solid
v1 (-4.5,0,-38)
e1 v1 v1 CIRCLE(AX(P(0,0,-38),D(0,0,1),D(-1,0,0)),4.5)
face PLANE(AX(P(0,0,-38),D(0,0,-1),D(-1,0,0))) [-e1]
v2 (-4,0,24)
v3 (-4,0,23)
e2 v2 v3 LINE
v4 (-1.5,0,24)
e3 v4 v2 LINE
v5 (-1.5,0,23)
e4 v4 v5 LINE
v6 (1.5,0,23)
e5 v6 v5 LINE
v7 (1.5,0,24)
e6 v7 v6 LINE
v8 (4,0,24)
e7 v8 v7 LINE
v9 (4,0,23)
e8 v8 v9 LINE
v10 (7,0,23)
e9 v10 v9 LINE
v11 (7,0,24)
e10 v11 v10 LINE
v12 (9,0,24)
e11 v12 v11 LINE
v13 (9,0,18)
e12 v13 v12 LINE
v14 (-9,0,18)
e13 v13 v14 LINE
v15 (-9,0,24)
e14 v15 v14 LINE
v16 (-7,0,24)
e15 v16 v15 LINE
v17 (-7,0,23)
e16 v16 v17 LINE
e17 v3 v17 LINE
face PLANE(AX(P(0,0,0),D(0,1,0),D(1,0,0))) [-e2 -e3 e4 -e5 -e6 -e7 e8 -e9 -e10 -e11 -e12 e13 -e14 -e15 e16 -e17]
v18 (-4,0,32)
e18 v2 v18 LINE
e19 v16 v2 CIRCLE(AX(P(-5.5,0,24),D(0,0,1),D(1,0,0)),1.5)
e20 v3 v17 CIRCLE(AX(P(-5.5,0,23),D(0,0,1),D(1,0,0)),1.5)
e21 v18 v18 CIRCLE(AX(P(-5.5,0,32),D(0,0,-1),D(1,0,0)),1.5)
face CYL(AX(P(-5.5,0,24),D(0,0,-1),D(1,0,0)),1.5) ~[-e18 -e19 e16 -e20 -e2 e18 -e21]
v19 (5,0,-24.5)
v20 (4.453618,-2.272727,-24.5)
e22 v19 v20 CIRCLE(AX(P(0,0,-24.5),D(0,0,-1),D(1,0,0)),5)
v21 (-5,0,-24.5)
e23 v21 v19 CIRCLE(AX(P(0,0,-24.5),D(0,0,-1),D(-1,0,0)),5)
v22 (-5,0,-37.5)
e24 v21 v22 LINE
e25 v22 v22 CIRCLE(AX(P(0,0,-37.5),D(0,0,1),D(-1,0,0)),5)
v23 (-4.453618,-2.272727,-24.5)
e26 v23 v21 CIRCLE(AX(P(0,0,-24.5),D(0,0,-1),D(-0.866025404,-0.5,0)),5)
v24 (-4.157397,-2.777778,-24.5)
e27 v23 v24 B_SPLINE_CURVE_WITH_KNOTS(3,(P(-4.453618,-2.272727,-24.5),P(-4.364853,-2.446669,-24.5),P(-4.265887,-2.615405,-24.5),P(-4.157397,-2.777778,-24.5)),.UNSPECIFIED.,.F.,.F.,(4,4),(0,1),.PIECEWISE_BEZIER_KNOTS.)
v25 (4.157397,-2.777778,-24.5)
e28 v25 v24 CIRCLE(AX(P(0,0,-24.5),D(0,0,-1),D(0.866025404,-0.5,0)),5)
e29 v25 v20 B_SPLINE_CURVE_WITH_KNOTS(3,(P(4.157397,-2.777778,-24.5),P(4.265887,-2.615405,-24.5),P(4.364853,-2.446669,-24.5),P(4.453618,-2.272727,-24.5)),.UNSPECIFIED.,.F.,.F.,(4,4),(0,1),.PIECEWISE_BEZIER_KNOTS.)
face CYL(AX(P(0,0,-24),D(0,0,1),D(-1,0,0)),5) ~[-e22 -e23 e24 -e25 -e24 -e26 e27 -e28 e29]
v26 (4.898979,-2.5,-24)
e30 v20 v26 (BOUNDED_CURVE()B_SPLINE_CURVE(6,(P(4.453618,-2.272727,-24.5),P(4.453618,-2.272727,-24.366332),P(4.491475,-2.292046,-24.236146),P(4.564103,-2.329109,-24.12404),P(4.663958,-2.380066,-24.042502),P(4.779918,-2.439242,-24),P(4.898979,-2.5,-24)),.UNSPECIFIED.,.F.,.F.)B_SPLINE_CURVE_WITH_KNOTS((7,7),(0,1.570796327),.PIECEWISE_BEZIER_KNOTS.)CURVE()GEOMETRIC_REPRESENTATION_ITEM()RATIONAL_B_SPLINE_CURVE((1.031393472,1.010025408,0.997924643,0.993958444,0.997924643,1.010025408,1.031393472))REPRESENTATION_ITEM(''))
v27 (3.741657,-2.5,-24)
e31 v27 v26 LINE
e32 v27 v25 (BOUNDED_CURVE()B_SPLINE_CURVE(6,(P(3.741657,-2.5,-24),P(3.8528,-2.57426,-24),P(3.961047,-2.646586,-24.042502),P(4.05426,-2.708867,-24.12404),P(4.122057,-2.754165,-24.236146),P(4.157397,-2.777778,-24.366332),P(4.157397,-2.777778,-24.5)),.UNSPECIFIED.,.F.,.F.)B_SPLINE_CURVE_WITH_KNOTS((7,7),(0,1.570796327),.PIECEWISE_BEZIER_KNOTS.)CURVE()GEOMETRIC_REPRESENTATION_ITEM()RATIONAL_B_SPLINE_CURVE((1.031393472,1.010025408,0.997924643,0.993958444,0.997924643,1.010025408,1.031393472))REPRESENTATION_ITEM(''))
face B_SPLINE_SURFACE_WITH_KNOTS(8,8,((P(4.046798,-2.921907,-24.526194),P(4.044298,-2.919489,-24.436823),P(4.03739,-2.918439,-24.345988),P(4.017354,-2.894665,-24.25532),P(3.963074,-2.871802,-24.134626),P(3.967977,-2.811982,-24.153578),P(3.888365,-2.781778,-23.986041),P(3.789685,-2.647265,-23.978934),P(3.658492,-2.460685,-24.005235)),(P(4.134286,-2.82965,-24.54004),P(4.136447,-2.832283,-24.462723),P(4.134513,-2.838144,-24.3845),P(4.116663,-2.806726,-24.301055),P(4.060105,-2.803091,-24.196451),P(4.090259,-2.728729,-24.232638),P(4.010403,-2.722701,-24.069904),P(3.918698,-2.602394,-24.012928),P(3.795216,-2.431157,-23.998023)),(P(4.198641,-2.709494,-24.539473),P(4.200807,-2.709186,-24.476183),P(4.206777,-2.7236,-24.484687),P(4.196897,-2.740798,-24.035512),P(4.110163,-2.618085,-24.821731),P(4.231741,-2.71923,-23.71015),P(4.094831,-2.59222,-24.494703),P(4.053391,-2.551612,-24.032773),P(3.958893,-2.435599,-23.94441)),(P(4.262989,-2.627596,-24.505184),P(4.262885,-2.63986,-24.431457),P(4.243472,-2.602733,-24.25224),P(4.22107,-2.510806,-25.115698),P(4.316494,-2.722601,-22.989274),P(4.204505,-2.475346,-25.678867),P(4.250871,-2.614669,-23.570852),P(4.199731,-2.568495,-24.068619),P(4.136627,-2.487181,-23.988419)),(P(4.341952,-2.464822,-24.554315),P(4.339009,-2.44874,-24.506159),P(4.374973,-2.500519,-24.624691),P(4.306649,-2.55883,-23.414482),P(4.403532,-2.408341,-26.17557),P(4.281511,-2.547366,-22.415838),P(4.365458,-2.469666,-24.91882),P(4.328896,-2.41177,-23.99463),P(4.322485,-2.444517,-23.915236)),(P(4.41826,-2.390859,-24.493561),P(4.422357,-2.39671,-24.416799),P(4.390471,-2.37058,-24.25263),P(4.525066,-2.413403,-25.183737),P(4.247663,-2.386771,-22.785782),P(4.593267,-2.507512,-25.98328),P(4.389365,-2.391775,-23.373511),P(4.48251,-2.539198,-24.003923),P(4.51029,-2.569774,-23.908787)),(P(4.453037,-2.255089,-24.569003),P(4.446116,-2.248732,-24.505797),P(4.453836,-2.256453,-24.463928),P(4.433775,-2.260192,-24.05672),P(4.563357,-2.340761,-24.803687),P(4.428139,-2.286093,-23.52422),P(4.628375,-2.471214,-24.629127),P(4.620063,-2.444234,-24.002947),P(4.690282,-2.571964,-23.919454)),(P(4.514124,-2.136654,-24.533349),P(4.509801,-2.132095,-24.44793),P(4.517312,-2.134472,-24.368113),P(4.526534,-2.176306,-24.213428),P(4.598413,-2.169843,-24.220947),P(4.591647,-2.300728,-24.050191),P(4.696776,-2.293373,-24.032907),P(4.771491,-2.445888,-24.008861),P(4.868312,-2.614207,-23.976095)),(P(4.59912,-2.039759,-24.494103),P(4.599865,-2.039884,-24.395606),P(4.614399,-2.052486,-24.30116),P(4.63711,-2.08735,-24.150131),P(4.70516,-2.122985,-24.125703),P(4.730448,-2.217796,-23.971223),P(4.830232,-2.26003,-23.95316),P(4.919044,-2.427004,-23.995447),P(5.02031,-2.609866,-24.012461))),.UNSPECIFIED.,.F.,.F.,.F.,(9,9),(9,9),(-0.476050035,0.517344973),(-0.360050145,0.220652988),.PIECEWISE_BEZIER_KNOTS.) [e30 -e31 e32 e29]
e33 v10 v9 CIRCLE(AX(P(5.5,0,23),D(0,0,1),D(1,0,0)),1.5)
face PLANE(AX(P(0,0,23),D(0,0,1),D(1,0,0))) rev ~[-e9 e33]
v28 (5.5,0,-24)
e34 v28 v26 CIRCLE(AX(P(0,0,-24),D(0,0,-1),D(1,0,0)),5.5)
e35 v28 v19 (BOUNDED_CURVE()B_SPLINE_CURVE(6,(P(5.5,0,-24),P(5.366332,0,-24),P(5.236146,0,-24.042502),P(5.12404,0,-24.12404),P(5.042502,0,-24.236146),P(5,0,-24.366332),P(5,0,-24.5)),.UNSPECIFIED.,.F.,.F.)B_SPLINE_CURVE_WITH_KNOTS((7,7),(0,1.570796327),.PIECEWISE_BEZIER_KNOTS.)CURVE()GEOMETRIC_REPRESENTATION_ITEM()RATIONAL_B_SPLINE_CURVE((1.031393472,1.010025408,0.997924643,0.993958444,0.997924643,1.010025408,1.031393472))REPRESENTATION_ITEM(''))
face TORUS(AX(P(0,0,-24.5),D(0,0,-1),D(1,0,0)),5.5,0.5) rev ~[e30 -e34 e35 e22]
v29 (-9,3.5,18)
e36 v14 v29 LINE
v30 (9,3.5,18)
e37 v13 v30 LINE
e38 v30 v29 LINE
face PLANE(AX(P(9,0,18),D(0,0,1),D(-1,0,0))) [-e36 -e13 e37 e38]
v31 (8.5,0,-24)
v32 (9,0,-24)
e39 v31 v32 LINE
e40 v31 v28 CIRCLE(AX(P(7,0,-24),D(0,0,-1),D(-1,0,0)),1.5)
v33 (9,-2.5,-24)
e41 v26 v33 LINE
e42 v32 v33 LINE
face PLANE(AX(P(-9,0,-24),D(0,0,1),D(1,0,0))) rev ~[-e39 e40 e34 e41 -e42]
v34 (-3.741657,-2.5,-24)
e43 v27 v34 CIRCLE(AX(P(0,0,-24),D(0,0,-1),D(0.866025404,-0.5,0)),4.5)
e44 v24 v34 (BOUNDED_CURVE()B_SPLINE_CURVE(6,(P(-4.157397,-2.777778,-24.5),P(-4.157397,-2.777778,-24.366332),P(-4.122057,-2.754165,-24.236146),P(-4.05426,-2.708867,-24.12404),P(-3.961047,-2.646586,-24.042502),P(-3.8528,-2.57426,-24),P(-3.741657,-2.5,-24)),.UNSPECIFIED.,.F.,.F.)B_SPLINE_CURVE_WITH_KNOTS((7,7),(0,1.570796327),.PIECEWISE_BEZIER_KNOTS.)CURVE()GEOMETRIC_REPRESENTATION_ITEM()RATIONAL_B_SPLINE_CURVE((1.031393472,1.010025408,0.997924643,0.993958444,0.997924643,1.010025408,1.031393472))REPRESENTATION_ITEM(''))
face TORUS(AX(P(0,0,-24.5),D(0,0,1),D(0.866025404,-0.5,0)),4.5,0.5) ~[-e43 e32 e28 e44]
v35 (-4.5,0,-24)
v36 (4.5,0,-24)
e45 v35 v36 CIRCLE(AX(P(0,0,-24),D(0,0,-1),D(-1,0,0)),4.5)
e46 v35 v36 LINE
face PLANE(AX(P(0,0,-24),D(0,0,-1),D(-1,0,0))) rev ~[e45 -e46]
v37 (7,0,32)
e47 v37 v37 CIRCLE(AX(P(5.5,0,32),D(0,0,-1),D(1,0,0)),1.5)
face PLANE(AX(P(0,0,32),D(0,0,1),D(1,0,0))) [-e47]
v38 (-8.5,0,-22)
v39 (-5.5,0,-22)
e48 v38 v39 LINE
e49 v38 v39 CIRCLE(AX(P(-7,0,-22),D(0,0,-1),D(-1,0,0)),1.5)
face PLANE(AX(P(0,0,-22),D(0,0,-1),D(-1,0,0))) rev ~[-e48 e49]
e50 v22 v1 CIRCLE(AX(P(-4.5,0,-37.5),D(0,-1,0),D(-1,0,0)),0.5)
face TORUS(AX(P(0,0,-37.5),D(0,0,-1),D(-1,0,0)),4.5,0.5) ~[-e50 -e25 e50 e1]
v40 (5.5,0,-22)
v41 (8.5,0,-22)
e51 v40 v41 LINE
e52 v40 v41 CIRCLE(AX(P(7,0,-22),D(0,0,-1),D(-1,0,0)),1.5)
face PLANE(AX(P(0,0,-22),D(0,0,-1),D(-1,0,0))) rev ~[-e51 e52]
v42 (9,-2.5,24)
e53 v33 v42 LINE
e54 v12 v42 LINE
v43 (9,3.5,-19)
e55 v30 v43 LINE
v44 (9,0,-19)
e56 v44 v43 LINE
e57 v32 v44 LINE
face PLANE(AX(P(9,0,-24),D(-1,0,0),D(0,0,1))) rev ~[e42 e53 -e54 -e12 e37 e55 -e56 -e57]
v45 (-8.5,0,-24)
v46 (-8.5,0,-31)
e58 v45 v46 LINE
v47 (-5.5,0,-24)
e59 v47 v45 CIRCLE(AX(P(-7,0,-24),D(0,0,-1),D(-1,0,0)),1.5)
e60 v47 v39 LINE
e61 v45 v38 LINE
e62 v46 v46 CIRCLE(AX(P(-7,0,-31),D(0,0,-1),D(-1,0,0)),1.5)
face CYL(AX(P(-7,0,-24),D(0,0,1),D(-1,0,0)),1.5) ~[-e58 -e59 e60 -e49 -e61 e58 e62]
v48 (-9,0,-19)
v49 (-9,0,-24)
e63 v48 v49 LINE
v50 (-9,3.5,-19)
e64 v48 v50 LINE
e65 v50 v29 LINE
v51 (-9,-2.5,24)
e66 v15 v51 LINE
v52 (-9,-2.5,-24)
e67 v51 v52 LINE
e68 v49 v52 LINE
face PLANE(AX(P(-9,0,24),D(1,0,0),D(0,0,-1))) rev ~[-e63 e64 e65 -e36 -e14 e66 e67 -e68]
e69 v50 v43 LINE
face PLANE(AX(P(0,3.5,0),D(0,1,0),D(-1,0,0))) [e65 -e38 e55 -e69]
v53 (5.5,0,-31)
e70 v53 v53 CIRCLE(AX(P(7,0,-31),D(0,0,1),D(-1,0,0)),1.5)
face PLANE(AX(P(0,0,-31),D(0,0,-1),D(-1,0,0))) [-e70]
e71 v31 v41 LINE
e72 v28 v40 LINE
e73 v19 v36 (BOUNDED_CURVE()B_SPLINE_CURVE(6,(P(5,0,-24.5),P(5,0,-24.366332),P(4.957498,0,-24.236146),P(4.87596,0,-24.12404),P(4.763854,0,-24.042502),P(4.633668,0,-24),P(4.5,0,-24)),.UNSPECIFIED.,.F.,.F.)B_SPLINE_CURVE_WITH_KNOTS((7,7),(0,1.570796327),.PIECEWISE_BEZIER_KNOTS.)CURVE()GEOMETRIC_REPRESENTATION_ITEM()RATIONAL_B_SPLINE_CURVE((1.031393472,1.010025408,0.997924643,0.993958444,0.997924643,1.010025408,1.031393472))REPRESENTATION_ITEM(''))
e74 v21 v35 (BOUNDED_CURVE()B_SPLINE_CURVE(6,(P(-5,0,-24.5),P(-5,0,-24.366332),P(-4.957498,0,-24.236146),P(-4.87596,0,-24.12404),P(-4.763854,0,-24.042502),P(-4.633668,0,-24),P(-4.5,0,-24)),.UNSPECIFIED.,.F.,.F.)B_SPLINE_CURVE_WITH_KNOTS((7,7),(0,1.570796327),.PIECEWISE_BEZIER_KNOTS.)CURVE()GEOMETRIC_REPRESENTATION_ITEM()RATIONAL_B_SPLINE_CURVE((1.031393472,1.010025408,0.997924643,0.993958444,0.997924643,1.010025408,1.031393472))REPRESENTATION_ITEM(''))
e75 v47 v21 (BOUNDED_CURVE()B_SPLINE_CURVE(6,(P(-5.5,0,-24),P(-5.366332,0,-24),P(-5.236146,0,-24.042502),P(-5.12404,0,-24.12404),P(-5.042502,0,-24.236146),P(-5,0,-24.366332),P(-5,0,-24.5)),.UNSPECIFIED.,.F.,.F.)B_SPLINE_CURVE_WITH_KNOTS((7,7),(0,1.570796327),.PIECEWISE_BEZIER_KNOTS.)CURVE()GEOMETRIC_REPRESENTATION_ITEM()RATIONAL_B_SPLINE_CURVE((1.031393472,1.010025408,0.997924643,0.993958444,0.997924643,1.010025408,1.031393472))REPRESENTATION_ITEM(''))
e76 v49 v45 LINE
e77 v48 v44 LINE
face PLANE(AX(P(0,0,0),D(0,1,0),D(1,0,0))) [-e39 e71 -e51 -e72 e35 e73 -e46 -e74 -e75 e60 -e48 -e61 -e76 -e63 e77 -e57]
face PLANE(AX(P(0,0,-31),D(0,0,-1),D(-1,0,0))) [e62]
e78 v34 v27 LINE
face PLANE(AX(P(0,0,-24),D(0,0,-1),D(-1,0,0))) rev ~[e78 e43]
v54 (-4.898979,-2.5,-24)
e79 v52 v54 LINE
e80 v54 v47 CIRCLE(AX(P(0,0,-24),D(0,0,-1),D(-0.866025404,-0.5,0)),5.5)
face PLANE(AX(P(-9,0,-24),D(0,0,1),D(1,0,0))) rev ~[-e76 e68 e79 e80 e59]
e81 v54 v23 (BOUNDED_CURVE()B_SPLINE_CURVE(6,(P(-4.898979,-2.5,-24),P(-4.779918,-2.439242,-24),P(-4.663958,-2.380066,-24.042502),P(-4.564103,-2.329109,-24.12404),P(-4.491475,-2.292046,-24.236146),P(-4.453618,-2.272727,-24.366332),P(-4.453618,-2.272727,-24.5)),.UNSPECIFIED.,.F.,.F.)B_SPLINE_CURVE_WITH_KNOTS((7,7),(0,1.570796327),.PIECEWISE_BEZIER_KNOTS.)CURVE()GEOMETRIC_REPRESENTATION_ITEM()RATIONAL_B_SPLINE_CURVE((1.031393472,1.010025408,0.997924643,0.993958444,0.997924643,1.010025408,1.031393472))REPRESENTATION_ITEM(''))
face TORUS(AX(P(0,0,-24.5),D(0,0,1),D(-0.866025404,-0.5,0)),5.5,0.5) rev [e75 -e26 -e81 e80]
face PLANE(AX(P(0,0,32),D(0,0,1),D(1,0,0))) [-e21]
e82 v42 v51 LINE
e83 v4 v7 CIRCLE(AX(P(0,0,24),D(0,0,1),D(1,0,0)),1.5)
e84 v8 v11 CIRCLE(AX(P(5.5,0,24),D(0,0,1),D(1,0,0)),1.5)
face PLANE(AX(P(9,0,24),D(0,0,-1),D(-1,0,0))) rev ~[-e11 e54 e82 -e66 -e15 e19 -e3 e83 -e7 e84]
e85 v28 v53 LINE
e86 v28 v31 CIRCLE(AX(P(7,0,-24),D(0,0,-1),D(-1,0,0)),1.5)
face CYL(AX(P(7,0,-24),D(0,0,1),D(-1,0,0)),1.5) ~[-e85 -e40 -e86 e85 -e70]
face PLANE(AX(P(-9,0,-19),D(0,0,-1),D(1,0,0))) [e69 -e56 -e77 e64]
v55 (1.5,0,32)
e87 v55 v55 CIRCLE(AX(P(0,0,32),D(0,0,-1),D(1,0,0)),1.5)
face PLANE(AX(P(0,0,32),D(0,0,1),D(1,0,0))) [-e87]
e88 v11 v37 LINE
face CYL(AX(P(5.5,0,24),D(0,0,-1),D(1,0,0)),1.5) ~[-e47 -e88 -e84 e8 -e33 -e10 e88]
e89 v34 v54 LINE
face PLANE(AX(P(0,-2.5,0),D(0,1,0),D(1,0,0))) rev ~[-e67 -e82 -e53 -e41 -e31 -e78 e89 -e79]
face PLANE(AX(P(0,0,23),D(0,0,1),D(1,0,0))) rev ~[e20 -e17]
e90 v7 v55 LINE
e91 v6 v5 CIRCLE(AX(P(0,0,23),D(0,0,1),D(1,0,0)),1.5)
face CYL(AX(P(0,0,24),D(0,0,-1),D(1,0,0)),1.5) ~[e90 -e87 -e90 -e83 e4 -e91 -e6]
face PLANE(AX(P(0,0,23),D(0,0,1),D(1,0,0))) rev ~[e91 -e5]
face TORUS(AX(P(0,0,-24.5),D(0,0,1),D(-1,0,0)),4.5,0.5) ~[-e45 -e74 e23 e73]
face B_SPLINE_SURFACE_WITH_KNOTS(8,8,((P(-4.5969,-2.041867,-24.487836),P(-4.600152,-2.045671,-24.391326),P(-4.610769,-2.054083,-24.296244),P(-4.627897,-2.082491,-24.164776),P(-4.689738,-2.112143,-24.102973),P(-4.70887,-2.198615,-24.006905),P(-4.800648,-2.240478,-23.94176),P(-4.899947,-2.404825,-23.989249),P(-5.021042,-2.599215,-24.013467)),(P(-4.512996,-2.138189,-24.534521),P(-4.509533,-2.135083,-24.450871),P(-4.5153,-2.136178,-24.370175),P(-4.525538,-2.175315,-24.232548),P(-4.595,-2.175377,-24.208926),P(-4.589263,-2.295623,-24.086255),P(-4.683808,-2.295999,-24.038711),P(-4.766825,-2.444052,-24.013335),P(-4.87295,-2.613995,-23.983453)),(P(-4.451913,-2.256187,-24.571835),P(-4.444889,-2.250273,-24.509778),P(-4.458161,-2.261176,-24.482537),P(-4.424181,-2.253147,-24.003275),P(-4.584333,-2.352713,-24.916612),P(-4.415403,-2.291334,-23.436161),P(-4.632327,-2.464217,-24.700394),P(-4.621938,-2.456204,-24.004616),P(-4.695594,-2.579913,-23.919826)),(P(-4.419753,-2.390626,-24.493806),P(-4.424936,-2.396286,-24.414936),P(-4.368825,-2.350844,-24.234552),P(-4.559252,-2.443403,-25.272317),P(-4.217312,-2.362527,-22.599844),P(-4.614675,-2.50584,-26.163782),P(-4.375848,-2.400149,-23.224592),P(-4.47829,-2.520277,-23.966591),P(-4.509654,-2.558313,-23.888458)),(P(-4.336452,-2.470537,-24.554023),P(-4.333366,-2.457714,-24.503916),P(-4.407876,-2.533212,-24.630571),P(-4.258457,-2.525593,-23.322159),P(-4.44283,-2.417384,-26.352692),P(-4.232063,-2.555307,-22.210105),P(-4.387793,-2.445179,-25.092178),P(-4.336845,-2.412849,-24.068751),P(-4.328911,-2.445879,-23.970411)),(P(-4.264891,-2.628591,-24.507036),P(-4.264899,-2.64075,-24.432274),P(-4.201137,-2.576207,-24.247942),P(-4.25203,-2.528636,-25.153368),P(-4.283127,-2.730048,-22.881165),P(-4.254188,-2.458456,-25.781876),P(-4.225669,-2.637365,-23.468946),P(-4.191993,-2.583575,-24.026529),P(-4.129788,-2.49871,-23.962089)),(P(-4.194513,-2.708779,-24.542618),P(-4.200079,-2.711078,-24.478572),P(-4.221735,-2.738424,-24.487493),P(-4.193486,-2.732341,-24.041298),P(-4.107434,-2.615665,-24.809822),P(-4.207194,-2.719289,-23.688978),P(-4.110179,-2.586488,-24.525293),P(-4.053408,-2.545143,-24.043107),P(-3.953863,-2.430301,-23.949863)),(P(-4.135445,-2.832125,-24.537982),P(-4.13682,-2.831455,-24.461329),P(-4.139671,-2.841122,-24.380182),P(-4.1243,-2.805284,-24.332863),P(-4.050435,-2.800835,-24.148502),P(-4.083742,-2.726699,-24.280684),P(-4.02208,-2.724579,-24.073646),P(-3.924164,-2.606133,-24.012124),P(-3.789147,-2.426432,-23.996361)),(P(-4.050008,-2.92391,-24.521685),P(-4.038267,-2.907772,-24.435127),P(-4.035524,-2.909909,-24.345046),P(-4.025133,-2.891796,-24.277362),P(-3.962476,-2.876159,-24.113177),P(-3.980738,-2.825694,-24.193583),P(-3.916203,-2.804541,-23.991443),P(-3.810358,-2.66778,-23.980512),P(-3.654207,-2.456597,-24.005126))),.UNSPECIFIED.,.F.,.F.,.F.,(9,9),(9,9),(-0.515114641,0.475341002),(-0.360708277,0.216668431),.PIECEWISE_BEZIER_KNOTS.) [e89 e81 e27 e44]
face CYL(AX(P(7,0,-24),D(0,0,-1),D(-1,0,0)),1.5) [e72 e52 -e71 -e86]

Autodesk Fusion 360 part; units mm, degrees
sketch "Sketch1" plane through (0, 0, 0) normal (0, 1, 0) x (1, 0, 0)
  line L0 (-9, 24) -> (9, 24)
  line L1 (9, 24) -> (9, -24)
  line L2 (9, -24) -> (-9, -24)
  line L3 (-9, -24) -> (-9, 24)
  line L4 (-9, 24) -> (9, -24) construction
  line L5 (9, 24) -> (-9, -24) construction
  dimension "d1" = 18
  dimension "d2" = 48
extrude "Extrude1" add sketch "Sketch1" against normal blind 2.5
sketch "Sketch2" plane through (0, 0, 0) normal (0, 1, 0) x (-1, 0, 0)
  line L0 (9, 24) -> (-9, 24)
  line L1 (-9, 24) -> (-9, -24)
  line L2 (-9, -24) -> (9, -24)
  line L3 (9, -24) -> (9, 24)
  line L4 (9, -19) -> (-9, -19)
  line L5 (-9, -19) -> (-9, 18)
  line L6 (-9, 18) -> (9, 18)
  line L7 (9, 18) -> (9, -19)
  dimension "d5" = 37
  dimension "d6" = 5
extrude "Extrude2" add sketch "Sketch2" along normal blind 3.5 contours L1 L3 L4 L5 L6 L7
sketch "Sketch3" plane through (0, 0, -24) normal (0, 0, -1) x (-1, 0, 0)
  line L0 (9, 0) -> (-9, 0)
  line L1 (-9, 0) -> (-9, -2.5)
  line L2 (-9, -2.5) -> (9, -2.5)
  line L3 (9, -2.5) -> (9, 0)
  circle A0 centre (0, 0) radius 5
  dimension "d9" = 10
extrude "Extrude3" add sketch "Sketch3" along normal blind 14 contours L0 L2 A0 | L0 A0 | L2 A0
fillet "Fillet1" radius 0.5 5 edges at (4.6616, -1.8081, -38) (0, 5, -24) (4.8296, -1.2941, -24) (0, -5, -24) (-4.8296, -1.2941, -24)
sketch "Sketch4" plane through (0, 0, 24) normal (0, 0, 1) x (1, 0, 0)
  line L0 (9, 0) -> (-9, 0)
  line L1 (-9, 0) -> (-9, -2.5)
  line L2 (-9, -2.5) -> (9, -2.5)
  line L3 (9, -2.5) -> (9, 0)
  circle A0 centre (0, 0) radius 1.5
  circle A1 centre (5.5, 0) radius 1.5
  circle A2 centre (-5.5, 0) radius 1.5
  point P0 (5.5, 0)
  point P1 (-5.5, 0)
  dimension "d13" = 3
extrude "Extrude4" add sketch "Sketch4" along normal blind 8 contours L0 A1 | L0 A1 | L0 A0 | L0 A0 | L0 A2 | L0 A2
extrude "Extrude5" add 3 faces at (5.8665, 0.3401, 24) (0.3665, 0.3401, 24) (-5.1335, 0.3401, 24) along direction (0, 0, -1) blind 1
sketch "Sketch5" plane through (0, 0, -24) normal (0, 0, -1) x (-1, 0, 0)
  arc A0 (-5.5, 0) -> (-4.899, -2.5) centre (0, 0) ccw
  line L0 (-5.5, 0) -> (-9, 0)
  line L1 (-9, 0) -> (-9, -2.5)
  line L2 (-9, -2.5) -> (-4.899, -2.5)
  circle A1 centre (-7, 0) radius 1.5
  circle A2 centre (7, 0) radius 1.5
  point P0 (-7, 0)
  point P1 (7, 0)
  dimension "d18" = 3
  dimension "d19" = 3
extrude "Extrude6" add sketch "Sketch5" along normal blind 7 contours L0 A1 | L0 A1 | A2
extrude "Extrude7" add 2 faces at (-7.3665, 0.4891, -24) (6.6335, 0.3401, -24) along direction (0, 0, 1) blind 2
